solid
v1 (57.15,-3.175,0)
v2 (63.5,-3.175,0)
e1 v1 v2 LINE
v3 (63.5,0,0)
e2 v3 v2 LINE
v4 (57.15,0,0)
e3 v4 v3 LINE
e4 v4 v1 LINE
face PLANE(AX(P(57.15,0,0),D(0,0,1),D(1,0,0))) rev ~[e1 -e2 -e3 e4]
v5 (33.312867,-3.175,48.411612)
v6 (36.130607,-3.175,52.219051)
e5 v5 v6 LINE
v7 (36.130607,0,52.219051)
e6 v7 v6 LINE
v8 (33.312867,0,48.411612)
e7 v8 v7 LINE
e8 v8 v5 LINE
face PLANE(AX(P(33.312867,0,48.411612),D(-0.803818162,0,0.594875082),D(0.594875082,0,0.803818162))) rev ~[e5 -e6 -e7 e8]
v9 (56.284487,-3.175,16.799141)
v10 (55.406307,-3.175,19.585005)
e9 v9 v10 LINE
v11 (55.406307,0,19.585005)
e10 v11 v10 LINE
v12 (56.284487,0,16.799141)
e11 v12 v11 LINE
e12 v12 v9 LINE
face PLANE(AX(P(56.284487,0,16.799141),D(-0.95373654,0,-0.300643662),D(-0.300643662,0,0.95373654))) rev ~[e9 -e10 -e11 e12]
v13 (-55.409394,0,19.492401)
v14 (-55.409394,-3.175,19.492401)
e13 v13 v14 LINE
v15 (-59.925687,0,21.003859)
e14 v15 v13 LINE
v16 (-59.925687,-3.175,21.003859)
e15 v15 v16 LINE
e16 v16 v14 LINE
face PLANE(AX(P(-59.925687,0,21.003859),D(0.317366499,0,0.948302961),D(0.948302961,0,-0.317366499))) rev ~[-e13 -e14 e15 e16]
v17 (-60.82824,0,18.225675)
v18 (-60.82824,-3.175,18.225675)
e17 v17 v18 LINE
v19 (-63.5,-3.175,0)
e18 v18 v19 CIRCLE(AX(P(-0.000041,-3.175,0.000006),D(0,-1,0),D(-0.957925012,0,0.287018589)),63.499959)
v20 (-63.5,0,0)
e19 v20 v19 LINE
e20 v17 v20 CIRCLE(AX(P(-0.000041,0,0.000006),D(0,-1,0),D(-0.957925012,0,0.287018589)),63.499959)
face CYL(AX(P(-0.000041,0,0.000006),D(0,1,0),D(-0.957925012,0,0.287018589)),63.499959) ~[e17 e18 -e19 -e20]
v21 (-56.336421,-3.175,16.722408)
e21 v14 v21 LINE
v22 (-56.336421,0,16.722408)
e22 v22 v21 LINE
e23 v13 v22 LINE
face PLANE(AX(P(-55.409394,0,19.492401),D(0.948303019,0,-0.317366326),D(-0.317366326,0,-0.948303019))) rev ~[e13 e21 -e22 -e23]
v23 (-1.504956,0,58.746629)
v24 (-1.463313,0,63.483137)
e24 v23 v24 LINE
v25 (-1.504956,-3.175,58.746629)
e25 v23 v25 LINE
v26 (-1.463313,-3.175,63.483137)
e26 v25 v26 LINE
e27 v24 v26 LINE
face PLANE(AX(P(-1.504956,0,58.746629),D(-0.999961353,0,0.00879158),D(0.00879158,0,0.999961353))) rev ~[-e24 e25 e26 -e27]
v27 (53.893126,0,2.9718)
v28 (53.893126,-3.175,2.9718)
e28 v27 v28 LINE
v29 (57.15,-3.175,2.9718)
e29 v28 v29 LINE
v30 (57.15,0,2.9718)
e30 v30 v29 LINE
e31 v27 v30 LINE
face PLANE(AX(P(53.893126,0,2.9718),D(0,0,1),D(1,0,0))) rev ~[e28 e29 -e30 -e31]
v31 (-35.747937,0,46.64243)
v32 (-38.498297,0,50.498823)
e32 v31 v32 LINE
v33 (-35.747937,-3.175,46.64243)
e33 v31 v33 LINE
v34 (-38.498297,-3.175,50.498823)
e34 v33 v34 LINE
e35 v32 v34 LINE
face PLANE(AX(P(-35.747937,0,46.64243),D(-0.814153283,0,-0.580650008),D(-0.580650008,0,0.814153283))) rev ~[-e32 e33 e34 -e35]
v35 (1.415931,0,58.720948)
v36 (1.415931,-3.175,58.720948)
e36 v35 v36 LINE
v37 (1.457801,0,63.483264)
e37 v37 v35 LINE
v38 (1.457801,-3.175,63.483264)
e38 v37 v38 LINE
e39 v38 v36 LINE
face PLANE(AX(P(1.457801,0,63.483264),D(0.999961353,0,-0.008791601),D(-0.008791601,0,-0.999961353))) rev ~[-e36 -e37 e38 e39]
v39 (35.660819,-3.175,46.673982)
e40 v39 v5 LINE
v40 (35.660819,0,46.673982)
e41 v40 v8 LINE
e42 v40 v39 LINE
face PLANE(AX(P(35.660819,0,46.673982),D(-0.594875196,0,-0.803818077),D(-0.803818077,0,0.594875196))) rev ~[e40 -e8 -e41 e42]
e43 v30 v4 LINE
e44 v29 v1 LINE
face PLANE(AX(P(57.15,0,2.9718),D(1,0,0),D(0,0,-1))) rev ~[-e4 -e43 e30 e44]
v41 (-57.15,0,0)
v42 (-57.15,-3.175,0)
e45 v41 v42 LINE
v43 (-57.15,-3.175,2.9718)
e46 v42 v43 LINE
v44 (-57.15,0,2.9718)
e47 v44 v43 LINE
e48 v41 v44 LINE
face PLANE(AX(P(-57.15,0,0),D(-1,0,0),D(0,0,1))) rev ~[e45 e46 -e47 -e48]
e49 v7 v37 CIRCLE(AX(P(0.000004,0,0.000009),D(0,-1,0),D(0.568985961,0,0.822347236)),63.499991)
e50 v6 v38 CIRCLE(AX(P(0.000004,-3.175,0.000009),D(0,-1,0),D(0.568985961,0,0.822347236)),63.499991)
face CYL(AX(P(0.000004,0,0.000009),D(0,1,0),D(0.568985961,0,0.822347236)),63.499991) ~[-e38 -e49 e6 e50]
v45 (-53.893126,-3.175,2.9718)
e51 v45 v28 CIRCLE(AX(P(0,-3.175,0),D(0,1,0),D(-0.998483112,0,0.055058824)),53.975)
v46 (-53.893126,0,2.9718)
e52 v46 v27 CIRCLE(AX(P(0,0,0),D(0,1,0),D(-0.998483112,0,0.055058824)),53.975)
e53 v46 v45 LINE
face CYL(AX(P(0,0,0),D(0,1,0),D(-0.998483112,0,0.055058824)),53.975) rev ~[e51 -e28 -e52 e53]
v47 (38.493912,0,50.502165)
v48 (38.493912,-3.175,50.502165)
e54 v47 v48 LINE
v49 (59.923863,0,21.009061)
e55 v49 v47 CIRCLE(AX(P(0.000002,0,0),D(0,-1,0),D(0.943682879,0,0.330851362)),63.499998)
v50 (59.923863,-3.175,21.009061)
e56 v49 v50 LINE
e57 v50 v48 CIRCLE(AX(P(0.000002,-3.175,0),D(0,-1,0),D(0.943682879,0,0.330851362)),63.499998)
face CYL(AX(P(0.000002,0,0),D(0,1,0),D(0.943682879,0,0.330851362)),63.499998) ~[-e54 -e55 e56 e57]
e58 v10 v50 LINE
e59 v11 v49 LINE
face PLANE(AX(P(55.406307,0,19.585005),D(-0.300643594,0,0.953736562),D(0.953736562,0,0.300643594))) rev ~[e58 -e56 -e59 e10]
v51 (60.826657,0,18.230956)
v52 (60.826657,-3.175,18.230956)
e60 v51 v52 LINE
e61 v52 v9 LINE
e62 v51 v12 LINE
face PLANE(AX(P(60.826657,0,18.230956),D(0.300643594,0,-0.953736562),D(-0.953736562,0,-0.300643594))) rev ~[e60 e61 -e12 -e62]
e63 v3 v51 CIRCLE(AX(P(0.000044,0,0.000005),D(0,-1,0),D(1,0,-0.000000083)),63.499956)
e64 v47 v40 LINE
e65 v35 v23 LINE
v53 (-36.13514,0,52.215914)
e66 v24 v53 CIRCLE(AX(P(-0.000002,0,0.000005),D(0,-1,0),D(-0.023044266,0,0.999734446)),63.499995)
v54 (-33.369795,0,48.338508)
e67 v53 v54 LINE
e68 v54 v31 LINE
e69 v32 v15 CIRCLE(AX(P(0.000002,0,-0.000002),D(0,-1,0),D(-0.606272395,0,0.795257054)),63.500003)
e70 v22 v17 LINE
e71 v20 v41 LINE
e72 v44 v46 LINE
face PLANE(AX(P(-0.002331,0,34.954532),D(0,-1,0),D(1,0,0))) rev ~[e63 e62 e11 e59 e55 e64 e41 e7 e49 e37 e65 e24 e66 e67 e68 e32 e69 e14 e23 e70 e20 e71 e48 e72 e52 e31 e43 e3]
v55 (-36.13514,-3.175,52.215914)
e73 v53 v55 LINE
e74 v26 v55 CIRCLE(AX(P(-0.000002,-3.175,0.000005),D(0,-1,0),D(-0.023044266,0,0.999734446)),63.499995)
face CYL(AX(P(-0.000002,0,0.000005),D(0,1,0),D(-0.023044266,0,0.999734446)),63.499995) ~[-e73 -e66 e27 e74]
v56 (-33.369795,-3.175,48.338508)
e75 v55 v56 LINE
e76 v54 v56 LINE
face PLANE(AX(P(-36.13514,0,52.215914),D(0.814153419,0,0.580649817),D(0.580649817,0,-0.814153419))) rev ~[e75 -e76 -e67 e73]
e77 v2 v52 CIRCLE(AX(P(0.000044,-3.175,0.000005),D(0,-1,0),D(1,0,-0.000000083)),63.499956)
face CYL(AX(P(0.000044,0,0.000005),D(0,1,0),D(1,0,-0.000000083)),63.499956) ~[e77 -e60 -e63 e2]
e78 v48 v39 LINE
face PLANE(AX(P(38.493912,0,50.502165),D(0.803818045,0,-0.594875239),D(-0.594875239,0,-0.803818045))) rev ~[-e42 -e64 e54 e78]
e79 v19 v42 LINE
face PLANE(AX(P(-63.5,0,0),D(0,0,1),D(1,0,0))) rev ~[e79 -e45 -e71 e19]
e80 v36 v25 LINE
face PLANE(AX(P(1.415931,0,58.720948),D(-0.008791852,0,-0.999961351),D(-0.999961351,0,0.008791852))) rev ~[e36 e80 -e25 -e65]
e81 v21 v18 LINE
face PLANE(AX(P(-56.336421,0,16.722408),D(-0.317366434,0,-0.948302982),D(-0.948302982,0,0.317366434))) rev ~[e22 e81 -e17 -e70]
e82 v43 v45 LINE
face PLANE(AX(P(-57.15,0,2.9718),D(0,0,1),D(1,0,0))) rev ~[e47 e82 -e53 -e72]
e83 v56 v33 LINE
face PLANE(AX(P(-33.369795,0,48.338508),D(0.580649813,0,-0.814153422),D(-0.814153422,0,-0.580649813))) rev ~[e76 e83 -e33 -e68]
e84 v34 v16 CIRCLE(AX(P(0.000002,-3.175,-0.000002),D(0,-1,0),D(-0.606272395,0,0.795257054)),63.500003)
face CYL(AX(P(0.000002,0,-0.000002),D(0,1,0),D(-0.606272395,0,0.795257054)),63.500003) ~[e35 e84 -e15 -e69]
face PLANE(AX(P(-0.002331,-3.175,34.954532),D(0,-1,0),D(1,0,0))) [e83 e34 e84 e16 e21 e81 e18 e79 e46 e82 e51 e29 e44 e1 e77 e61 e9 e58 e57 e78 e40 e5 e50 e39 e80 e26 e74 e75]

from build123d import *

# Parameters (mm, degrees)
F1_DEPTH = 3.175


with BuildPart() as f1:
    # F0 (on Front) → F1 (new body)
    with BuildSketch(Plane.XZ):
        with BuildLine():
            Line((57.15, 0), (63.5, 0))
            ThreePointArc((63.5, 0), (62.82811, 9.21296), (60.826657, 18.230956))
            Line((60.826657, 18.230956), (56.284487, 16.799141))
            Line((56.284487, 16.799141), (55.406307, 19.585005))
            Line((55.406307, 19.585005), (59.923863, 21.009061))
            ThreePointArc((59.923863, 21.009061), (51.370959, 37.326593), (38.493912, 50.502165))
            Line((38.493912, 50.502165), (35.660819, 46.673982))
            Line((35.660819, 46.673982), (33.312867, 48.411612))
            Line((33.312867, 48.411612), (36.130607, 52.219051))
            ThreePointArc((36.130607, 52.219051), (19.619958, 60.392941), (1.457801, 63.483264))
            Line((1.457801, 63.483264), (1.415931, 58.720948))
            Line((1.415931, 58.720948), (-1.504956, 58.746629))
            Line((-1.504956, 58.746629), (-1.463313, 63.483137))
            ThreePointArc((-1.463313, 63.483137), (-19.625201, 60.391237), (-36.13514, 52.215914))
            Line((-36.13514, 52.215914), (-33.369795, 48.338508))
            Line((-33.369795, 48.338508), (-35.747937, 46.64243))
            Line((-35.747937, 46.64243), (-38.498297, 50.498823))
            ThreePointArc((-38.498297, 50.498823), (-51.374199, 37.322134), (-59.925687, 21.003859))
            Line((-59.925687, 21.003859), (-55.409394, 19.492401))
            Line((-55.409394, 19.492401), (-56.336421, 16.722408))
            Line((-56.336421, 16.722408), (-60.82824, 18.225675))
            ThreePointArc((-60.82824, 18.225675), (-62.82851, 9.210233), (-63.5, 0))
            Line((-63.5, 0), (-57.15, 0))
            Line((-57.15, 0), (-57.15, 2.9718))
            Line((-57.15, 2.9718), (-53.893126, 2.9718))
            ThreePointArc((-53.893126, 2.9718), (0, 53.975), (53.893126, 2.9718))
            Line((53.893126, 2.9718), (53.975, 2.9718))
            Line((53.975, 2.9718), (57.15, 2.9718))
            Line((57.15, 2.9718), (57.15, 0))
        make_face()
    extrude(amount=F1_DEPTH)


solid = f1.part
